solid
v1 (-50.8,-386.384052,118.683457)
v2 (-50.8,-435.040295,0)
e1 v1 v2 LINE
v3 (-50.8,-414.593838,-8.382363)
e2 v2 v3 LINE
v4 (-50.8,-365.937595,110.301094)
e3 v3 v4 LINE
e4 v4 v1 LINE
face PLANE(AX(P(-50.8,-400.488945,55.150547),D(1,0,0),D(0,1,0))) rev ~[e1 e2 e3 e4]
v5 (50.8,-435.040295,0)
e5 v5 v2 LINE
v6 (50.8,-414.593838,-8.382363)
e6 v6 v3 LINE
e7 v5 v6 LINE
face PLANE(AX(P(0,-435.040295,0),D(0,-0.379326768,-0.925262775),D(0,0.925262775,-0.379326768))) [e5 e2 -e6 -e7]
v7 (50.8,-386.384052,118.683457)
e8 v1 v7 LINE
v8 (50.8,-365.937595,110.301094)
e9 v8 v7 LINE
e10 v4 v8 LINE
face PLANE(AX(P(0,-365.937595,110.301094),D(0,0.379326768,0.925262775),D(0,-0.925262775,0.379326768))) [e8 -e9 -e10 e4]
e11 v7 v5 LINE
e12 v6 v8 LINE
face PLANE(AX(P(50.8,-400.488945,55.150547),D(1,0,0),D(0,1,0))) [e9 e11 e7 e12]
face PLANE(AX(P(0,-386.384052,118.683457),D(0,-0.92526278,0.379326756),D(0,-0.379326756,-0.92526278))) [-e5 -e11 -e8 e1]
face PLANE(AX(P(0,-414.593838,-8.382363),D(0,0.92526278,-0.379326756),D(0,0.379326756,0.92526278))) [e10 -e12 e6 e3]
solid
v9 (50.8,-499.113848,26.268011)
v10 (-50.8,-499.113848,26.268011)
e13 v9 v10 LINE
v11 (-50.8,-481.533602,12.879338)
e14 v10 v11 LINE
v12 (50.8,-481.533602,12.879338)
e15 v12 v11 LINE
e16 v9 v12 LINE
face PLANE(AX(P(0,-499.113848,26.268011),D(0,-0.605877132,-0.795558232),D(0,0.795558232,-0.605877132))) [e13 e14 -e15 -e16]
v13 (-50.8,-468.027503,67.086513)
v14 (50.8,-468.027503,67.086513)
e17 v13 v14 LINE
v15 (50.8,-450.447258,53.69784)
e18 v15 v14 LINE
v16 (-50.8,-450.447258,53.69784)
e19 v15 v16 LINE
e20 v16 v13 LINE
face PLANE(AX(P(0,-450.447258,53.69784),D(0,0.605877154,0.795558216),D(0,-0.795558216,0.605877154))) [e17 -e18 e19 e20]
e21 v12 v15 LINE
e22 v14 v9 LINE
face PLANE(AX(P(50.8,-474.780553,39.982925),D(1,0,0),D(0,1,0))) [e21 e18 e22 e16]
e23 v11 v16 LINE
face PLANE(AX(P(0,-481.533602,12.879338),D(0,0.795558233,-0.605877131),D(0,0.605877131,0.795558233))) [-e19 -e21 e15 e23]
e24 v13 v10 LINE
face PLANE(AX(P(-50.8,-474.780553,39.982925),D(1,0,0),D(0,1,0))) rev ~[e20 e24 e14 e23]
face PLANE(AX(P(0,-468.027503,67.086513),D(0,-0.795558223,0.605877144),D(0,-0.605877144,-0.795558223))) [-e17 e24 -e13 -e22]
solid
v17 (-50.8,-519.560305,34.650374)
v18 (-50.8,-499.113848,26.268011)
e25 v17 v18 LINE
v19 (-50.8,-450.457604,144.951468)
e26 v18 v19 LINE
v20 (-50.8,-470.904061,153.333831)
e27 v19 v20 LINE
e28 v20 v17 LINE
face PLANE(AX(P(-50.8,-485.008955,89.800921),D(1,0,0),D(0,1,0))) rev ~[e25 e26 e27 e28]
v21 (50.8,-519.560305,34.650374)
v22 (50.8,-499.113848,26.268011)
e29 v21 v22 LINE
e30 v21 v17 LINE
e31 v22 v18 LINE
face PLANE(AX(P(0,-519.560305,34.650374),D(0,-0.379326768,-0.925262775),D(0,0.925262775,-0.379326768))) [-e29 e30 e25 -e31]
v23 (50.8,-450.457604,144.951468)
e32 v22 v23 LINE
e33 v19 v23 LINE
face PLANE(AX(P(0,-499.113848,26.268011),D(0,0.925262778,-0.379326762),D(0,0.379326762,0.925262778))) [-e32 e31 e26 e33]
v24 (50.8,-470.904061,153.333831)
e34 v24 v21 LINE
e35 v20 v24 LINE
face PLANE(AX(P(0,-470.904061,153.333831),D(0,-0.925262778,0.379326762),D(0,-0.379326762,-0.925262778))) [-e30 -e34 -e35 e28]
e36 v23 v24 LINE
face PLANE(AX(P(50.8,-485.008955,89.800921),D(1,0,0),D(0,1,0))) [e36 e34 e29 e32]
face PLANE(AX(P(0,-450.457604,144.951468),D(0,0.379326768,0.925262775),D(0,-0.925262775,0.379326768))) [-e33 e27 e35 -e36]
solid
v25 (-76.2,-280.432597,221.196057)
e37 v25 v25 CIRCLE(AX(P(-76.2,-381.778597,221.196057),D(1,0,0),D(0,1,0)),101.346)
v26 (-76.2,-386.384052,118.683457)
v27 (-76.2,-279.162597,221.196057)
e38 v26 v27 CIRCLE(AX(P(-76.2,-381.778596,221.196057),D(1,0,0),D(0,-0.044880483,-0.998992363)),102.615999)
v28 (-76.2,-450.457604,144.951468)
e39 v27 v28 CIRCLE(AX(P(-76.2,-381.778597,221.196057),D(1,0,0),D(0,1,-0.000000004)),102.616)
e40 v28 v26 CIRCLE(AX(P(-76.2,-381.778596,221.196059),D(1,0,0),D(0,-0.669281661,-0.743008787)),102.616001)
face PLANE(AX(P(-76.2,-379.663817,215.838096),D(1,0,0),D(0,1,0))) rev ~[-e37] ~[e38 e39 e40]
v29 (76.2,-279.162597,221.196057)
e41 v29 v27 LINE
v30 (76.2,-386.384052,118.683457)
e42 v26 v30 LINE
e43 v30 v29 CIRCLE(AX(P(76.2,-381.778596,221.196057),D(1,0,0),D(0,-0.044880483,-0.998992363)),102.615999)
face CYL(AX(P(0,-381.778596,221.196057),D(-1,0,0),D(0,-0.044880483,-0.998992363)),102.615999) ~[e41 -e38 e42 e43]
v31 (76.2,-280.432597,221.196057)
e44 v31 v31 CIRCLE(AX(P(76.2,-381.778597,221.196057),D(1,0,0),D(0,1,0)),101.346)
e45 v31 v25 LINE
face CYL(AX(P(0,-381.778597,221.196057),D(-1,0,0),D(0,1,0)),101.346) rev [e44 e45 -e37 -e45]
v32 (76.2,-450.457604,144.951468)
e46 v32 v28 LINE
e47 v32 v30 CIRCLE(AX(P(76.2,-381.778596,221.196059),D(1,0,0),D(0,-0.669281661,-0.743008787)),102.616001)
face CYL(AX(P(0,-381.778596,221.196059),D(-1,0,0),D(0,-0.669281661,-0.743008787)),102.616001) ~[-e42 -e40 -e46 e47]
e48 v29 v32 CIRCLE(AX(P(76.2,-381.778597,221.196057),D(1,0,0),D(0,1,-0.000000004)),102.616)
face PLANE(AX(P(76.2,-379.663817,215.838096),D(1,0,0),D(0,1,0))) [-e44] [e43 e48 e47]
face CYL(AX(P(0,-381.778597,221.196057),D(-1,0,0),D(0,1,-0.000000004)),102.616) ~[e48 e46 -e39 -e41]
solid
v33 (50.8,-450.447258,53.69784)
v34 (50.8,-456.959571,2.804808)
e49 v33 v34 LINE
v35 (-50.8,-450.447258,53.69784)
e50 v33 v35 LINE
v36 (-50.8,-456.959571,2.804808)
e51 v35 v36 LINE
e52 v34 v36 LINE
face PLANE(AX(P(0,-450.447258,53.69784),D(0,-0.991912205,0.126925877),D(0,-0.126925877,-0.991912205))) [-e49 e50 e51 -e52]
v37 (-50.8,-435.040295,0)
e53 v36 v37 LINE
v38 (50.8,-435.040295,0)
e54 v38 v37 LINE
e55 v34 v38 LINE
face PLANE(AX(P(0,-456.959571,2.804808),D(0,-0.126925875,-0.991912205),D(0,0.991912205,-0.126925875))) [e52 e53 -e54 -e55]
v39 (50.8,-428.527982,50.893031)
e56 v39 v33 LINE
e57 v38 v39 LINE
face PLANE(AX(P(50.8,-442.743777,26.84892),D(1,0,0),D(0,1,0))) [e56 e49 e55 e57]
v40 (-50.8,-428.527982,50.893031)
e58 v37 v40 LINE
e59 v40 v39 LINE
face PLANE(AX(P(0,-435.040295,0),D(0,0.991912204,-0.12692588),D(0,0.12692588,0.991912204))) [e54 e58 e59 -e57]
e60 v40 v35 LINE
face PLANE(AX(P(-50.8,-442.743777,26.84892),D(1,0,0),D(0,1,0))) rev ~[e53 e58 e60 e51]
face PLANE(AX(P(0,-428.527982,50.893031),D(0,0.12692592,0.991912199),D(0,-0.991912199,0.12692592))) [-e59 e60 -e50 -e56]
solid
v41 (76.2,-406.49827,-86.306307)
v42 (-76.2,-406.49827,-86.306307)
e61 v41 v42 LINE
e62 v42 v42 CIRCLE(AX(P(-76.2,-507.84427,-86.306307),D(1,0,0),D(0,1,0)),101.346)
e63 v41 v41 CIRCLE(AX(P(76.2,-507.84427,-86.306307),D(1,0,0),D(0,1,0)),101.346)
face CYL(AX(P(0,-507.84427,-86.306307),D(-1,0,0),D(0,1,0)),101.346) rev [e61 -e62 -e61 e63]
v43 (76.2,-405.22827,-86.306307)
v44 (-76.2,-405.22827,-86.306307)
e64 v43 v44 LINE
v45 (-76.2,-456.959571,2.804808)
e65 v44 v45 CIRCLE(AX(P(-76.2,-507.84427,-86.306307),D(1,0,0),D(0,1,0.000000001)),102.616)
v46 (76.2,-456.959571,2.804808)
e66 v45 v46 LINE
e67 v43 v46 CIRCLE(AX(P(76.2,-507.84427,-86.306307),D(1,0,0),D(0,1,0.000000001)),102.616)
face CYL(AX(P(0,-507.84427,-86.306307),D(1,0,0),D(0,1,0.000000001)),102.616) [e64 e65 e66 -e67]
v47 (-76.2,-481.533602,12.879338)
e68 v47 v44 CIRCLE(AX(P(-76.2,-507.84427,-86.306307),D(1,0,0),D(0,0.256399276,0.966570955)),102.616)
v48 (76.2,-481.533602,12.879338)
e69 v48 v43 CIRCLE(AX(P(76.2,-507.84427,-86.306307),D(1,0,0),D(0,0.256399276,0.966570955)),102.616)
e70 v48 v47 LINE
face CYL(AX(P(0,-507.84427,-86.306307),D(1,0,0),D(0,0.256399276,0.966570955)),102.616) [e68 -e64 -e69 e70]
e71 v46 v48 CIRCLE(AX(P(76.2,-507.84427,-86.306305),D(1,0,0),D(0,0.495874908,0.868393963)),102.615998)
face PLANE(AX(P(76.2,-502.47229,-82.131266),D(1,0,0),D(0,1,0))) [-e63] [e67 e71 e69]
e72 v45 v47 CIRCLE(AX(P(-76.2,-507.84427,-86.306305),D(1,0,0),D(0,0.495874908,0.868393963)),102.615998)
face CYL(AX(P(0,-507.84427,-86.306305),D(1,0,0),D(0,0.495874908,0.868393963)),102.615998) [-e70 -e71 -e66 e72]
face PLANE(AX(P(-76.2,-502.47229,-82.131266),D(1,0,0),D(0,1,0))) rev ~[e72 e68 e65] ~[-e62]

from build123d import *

# Parameters (mm, degrees)
F0_R     = 101.346
F1_DEPTH = 76.2
F2_DEPTH = 50.8


with BuildPart() as f1:
    # F0 (on Right) → F1 (new body, symmetric)
    with BuildSketch(Plane.YZ):
        with BuildLine():
            ThreePointArc((-450.457604, 144.951468), (-420.703591, 126.249292), (-386.384052, 118.683457))
            ThreePointArc((-386.384052, 118.683457), (-310.865093, 147.025184), (-279.162597, 221.196057))
            ThreePointArc((-279.162597, 221.196057), (-423.506755, 314.94468), (-450.457604, 144.951468))
        make_face()
        with Locations((-381.778597, 221.196057)):
            Circle(F0_R, mode=Mode.SUBTRACT)
        with BuildLine():
            ThreePointArc((-405.22827, -86.306307), (-419.098488, -34.787091), (-456.959571, 2.804808))
            ThreePointArc((-456.959571, 2.804808), (-468.919275, 8.640458), (-481.533602, 12.879338))
            ThreePointArc((-481.533602, 12.879338), (-589.176733, -148.876859), (-405.22827, -86.306307))
        make_face()
        with Locations((-507.84427, -86.306307)):
            Circle(F0_R, mode=Mode.SUBTRACT)
    extrude(amount=F1_DEPTH, both=True)


with BuildPart() as f2:
    # F0 (on Right) → F2 (new body, symmetric)
    with BuildSketch(Plane.YZ):
        Polygon((-499.113848, 26.268011), (-450.457604, 144.951468), (-470.904061, 153.333831), (-519.560305, 34.650374), align=None)
        Polygon((-468.027503, 67.086513), (-499.113848, 26.268011), (-481.533602, 12.879338), (-450.447258, 53.69784), align=None)
        Polygon((-456.959571, 2.804808), (-435.040295, 0), (-428.527982, 50.893031), (-450.447258, 53.69784), align=None)
        Polygon((-414.593838, -8.382363), (-365.937595, 110.301094), (-386.384052, 118.683457), (-435.040295, 0), align=None)
    extrude(amount=F2_DEPTH, both=True)


solid = Compound([f1.part, f2.part])
